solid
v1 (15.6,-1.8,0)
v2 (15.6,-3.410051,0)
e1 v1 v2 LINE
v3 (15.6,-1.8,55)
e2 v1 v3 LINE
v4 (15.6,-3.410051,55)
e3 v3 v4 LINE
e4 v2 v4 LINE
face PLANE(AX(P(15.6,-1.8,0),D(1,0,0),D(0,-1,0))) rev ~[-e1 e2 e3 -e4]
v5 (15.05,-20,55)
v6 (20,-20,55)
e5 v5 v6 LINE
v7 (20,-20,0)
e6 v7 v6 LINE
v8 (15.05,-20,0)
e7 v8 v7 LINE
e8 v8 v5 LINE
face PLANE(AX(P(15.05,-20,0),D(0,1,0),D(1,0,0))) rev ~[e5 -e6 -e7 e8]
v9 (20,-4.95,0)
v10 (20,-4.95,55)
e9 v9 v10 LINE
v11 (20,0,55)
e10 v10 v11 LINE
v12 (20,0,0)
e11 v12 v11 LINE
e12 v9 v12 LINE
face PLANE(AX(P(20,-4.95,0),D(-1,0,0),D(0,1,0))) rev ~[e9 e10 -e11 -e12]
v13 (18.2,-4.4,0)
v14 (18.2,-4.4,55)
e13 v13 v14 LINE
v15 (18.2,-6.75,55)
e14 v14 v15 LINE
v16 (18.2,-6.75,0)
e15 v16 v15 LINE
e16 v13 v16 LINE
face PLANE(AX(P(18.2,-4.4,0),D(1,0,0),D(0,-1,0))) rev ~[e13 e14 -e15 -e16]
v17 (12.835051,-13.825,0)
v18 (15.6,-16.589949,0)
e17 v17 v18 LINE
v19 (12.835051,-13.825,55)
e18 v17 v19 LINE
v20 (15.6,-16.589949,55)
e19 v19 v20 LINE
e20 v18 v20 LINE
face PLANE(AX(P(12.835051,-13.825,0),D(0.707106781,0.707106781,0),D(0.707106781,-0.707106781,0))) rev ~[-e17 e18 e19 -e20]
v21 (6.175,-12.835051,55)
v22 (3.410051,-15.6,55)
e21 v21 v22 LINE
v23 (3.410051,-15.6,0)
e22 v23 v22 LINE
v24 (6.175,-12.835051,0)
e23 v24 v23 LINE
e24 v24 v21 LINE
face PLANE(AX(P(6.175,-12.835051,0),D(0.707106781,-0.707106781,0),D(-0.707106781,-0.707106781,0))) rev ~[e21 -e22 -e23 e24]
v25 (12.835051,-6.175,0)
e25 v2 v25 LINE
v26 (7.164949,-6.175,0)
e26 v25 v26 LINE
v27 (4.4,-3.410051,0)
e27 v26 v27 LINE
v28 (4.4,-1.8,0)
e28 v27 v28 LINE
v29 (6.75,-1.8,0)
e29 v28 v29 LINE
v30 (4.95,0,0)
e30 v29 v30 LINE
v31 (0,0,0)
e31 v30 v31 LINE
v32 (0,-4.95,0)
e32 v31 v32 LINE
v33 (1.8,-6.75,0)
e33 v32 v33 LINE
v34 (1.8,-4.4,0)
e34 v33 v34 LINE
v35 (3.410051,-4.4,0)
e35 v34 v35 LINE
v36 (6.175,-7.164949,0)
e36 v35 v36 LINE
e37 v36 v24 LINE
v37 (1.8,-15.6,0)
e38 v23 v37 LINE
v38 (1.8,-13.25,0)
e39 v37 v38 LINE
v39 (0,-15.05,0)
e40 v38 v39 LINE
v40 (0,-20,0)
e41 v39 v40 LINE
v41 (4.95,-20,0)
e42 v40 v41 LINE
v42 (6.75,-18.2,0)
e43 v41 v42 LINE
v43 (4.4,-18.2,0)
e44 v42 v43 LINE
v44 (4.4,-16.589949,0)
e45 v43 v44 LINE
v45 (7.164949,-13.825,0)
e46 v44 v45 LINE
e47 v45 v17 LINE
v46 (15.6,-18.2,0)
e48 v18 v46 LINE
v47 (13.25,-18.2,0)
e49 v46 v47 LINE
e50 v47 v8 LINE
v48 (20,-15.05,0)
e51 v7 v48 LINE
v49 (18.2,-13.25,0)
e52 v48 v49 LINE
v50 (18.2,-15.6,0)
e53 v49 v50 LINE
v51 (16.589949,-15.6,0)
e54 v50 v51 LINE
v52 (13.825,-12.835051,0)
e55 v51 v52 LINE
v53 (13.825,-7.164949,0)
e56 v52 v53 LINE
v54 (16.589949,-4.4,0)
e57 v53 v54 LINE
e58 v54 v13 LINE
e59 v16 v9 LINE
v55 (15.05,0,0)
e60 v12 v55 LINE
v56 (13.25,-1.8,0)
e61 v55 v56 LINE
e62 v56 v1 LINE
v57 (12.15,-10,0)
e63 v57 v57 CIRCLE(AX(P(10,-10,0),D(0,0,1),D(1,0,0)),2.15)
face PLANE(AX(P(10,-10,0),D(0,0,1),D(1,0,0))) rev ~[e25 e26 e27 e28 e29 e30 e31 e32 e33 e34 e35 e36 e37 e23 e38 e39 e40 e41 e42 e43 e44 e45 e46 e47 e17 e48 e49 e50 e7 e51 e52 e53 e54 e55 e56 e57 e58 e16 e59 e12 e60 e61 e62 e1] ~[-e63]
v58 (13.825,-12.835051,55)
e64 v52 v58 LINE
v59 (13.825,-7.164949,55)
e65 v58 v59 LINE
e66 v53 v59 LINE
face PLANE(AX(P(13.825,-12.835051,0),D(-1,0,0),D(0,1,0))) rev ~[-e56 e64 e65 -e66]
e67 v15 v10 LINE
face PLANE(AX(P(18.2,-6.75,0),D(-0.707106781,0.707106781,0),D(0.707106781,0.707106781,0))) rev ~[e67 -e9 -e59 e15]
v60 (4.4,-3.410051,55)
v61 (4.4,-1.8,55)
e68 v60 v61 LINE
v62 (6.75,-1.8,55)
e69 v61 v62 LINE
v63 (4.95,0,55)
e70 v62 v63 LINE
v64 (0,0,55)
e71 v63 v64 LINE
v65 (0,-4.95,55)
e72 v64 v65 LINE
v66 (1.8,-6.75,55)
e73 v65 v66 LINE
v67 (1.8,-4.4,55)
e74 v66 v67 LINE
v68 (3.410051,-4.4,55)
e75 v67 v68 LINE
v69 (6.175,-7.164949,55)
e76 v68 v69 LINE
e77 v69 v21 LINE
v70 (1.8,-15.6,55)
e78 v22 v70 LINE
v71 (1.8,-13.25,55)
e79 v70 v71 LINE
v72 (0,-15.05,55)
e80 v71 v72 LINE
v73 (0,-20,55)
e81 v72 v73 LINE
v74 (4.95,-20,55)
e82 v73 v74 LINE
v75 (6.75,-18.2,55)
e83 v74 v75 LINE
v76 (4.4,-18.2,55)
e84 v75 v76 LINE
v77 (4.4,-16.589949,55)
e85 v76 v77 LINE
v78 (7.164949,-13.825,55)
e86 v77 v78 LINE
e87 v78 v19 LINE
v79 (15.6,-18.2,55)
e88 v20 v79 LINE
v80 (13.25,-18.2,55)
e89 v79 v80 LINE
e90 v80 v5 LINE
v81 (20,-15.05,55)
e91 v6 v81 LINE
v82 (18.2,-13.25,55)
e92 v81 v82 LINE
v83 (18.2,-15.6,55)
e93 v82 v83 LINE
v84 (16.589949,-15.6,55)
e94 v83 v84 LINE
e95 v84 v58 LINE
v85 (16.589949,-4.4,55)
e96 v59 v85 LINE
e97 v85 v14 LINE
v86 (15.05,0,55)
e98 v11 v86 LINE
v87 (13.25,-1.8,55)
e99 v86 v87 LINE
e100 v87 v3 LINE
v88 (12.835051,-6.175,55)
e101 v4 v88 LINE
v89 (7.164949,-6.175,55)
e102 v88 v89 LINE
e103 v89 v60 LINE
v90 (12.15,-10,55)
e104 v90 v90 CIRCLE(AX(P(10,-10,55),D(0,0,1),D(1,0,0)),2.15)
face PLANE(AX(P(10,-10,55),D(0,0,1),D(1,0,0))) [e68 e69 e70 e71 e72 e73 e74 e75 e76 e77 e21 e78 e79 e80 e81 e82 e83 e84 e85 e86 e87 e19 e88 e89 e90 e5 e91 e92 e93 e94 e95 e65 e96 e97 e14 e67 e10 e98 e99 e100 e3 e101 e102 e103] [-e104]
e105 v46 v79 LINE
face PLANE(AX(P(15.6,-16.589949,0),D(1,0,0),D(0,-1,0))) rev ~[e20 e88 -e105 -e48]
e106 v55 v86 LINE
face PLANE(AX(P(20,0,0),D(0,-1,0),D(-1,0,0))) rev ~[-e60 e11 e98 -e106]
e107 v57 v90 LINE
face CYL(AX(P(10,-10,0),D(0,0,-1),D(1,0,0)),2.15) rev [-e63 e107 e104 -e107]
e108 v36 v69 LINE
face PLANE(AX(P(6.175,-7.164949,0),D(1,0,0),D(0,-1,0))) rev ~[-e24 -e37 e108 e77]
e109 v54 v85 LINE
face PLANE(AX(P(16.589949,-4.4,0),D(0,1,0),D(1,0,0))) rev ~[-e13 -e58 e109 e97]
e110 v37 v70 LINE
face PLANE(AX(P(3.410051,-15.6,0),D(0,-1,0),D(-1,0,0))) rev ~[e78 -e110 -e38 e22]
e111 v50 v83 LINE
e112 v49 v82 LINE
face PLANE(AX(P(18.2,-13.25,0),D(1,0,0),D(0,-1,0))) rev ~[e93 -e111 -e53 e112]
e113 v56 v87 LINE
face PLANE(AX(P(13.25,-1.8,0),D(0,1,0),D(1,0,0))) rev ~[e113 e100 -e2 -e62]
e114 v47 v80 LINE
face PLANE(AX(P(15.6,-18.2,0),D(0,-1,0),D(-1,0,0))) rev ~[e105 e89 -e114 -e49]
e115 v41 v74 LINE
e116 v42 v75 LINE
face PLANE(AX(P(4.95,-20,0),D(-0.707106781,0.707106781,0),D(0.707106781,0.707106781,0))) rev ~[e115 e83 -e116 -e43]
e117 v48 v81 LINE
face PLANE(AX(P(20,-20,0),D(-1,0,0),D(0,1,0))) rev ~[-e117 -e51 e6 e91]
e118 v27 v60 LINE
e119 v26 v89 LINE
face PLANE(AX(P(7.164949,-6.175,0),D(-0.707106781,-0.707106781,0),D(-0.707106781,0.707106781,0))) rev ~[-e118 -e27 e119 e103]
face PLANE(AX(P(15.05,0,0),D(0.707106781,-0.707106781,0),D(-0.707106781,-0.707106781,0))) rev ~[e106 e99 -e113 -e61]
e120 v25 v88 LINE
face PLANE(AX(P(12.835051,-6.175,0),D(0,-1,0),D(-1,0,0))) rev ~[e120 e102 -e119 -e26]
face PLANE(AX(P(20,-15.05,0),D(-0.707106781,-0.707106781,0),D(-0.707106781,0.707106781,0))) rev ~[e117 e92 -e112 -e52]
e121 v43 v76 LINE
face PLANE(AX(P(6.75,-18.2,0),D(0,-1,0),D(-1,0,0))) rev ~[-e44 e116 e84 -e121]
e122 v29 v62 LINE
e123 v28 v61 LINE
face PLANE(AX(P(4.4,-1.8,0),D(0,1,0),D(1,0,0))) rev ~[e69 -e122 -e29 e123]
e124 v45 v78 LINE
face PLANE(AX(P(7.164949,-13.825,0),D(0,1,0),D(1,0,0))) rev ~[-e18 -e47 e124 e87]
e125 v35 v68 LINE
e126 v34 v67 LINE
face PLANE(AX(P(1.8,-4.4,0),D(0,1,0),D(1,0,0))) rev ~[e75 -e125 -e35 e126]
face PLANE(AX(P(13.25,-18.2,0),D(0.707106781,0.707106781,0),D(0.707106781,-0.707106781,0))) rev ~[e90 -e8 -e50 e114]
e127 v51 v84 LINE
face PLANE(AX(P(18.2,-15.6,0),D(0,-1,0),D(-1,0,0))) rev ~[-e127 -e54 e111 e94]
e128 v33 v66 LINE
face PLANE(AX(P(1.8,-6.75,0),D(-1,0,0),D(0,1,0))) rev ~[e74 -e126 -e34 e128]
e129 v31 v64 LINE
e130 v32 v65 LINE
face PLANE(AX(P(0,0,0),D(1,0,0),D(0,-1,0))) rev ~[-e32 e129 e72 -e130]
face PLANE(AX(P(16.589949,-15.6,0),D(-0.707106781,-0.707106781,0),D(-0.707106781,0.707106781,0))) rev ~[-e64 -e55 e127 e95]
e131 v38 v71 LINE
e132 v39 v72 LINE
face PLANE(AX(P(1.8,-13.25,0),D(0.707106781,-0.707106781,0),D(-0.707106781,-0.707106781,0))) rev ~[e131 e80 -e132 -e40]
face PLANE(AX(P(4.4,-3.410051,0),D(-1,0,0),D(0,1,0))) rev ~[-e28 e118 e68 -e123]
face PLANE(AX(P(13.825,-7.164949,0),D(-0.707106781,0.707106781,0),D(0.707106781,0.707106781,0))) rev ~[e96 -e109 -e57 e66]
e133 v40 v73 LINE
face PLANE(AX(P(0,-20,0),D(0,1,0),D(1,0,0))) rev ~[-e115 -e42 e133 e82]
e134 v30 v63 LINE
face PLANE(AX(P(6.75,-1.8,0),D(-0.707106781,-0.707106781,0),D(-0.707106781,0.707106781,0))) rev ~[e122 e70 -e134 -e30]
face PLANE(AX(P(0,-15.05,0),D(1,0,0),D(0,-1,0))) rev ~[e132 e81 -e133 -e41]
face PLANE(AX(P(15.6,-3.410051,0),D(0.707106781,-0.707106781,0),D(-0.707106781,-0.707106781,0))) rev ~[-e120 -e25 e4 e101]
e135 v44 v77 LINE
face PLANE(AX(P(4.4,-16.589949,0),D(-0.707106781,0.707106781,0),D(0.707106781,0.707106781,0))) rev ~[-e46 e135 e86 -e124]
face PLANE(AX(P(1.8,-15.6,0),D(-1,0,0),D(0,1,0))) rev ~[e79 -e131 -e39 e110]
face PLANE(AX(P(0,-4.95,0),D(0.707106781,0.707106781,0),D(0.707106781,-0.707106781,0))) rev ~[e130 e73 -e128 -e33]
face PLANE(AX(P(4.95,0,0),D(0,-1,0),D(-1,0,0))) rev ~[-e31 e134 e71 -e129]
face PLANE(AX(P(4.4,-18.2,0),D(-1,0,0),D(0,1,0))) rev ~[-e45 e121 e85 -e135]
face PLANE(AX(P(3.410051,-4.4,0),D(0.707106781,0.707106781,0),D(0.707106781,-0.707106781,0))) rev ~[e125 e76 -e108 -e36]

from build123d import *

# Parameters (mm, degrees)
CROQUIS1_R              = 2.15
SALIENTE_EXTRUIR2_DEPTH = 55


with BuildPart() as part:
    # Croquis1 → Saliente-Extruir2 (new body)
    with BuildSketch(Plane.XY):
        Polygon((4.4, 0), (0, 0), (0, -0.56736664), (0, -4.4), (0, -4.95), (1.8, -6.75), (1.8, -4.4), (3.410050506, -4.4), (6.175, -7.164949494), (6.175, -12.835050506), (3.410050506, -15.6), (1.8, -15.6), (1.8, -13.25), (0, -15.05), (0, -15.6), (0, -20), (4.4, -20), (4.95, -20), (6.75, -18.2), (4.4, -18.2), (4.4, -16.589949494), (7.164949494, -13.825), (12.835050506, -13.825), (15.6, -16.589949494), (15.6, -18.2), (13.25, -18.2), (15.05, -20), (15.6, -20), (18.2, -20), (20, -20), (20, -15.6), (20, -15.05), (18.2, -13.25), (18.2, -15.6), (16.589949494, -15.6), (13.825, -12.835050506), (13.825, -7.164949494), (16.589949494, -4.4), (18.2, -4.4), (18.2, -6.75), (20, -4.95), (20, -4.4), (20, 0), (15.6, 0), (15.05, 0), (13.25, -1.8), (15.6, -1.8), (15.6, -3.410050506), (12.835050506, -6.175), (7.164949494, -6.175), (4.4, -3.410050506), (4.4, -1.8), (6.75, -1.8), (4.95, 0), align=None)
        with Locations((10, -10)):
            Circle(CROQUIS1_R, mode=Mode.SUBTRACT)
    extrude(amount=SALIENTE_EXTRUIR2_DEPTH)


solid = part.part
